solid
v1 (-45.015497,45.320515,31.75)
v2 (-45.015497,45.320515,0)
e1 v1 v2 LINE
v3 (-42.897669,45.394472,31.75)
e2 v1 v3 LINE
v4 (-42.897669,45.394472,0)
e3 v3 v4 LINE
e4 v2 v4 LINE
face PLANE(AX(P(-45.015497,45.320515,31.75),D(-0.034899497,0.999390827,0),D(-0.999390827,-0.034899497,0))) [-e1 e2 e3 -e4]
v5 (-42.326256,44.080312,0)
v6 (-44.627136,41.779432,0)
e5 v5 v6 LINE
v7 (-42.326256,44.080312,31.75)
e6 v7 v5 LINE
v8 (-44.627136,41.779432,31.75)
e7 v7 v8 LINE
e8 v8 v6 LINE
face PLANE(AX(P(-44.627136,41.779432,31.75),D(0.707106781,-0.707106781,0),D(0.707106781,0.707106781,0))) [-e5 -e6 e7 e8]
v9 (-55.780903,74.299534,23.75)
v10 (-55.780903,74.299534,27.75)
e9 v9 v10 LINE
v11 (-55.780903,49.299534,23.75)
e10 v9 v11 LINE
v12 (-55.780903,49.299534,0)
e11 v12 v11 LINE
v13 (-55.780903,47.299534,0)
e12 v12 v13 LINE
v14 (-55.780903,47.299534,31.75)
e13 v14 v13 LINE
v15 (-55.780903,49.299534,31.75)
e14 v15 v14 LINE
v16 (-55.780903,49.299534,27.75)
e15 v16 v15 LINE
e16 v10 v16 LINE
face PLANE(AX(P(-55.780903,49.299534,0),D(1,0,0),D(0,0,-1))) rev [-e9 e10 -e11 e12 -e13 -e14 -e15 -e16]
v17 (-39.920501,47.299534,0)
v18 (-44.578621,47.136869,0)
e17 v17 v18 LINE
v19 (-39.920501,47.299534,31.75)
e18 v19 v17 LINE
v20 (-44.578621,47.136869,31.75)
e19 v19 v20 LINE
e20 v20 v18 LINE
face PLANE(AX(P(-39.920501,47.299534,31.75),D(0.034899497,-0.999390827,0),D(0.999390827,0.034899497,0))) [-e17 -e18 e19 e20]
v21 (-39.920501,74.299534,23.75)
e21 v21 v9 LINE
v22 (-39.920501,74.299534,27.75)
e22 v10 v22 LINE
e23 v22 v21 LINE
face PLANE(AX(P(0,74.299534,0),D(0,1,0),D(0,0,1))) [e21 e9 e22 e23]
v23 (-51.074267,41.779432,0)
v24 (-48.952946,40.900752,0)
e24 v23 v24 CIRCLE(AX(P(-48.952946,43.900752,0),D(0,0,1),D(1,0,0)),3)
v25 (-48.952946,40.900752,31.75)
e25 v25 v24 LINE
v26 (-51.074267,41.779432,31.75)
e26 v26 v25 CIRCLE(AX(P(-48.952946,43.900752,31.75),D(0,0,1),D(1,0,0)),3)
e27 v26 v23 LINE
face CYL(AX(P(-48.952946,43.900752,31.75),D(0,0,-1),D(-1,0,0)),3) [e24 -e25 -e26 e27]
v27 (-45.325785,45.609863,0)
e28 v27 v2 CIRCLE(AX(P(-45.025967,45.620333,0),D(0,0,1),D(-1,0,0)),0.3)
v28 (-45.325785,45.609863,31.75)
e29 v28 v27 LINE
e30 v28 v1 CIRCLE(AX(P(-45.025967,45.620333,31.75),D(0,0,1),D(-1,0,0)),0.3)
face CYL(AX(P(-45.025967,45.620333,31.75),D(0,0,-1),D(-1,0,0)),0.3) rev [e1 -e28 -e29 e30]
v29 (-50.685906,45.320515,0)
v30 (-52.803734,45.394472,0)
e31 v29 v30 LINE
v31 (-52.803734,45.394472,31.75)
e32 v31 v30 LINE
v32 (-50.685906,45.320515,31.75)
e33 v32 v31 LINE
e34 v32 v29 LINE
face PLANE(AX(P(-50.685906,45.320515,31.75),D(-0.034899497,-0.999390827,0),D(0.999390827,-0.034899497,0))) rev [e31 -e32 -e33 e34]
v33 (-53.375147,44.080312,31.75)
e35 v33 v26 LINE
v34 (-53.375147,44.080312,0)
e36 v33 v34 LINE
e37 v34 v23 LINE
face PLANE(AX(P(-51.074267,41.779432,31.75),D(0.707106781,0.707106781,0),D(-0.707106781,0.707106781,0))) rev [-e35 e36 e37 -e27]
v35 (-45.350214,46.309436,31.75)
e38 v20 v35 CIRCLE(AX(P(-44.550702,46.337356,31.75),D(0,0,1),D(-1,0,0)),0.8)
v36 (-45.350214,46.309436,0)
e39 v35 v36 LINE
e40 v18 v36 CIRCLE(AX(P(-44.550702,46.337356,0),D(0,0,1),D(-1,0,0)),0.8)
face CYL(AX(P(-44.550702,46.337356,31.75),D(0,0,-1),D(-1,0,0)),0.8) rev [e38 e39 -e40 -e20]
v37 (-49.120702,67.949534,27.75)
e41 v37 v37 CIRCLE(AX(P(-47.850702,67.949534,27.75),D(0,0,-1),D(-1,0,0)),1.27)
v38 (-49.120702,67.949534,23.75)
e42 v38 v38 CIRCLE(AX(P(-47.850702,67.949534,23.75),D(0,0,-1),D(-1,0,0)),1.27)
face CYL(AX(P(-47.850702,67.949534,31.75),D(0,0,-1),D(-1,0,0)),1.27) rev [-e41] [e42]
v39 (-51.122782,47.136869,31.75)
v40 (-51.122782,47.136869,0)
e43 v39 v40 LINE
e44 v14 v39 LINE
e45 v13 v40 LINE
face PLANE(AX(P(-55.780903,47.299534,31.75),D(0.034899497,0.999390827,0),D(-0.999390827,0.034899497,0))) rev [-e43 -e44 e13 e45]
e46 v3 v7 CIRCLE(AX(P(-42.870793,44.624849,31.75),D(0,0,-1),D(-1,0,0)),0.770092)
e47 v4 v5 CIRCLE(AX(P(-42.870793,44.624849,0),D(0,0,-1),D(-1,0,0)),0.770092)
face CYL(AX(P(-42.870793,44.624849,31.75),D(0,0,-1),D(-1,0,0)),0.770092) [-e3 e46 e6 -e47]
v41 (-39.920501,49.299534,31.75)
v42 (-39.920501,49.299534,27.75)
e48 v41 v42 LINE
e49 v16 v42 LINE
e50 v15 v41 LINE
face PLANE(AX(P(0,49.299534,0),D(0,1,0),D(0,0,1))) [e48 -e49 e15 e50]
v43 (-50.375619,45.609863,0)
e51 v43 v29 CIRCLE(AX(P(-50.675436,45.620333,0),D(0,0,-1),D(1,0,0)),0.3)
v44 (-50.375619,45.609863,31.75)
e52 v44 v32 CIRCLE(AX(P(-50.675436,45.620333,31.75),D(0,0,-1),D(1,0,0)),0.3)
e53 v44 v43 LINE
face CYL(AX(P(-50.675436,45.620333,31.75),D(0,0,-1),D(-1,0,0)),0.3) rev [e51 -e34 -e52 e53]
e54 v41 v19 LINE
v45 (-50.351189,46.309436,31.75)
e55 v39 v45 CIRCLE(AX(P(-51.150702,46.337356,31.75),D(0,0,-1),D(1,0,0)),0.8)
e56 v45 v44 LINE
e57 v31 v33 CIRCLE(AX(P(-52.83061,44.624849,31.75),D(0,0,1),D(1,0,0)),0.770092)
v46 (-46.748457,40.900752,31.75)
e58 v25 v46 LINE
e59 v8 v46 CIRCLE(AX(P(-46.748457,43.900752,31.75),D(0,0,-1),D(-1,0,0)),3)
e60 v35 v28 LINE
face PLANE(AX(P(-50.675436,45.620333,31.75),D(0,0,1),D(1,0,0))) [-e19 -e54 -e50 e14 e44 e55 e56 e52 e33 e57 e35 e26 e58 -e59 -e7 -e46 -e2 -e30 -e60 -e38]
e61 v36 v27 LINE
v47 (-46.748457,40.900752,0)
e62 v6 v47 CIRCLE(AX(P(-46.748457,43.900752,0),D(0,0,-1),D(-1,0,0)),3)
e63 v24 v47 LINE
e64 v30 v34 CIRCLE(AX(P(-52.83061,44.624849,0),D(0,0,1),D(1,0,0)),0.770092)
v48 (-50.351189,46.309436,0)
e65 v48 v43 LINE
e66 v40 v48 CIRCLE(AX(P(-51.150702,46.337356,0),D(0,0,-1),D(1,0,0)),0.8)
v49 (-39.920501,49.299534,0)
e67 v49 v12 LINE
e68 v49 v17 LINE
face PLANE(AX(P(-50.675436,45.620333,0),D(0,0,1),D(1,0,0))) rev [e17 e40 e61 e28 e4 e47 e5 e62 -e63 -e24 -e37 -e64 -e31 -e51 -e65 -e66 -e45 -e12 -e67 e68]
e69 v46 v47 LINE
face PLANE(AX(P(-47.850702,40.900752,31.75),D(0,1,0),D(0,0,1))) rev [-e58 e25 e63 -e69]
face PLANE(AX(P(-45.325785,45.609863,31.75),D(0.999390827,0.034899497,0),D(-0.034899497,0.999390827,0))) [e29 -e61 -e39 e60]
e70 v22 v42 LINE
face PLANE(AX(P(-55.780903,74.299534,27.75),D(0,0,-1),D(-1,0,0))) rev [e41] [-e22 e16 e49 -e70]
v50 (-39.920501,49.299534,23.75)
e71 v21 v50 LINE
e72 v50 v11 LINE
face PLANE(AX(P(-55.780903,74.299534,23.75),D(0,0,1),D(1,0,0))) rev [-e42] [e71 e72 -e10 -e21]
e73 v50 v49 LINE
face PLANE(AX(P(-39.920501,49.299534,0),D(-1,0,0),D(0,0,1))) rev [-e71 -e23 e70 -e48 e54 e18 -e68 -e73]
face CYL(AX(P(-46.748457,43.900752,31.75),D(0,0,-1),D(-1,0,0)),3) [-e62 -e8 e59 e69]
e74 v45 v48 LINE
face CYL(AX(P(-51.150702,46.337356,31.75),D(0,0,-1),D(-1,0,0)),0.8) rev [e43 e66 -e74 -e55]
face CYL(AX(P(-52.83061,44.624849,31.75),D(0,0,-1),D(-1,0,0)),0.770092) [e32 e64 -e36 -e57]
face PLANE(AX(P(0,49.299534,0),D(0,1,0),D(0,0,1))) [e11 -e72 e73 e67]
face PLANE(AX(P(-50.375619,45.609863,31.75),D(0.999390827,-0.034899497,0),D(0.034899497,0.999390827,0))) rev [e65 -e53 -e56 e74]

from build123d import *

# Parameters (mm, degrees)
BOSS_EXTRUDE1_DEPTH = 31.75
SKETCH19_W          = 15.860402013
SKETCH19_H          = 31.75
BOSS_EXTRUDE7_DEPTH = 2
SKETCH23_W          = 15.860402013
SKETCH23_H          = 4
BOSS_EXTRUDE8_DEPTH = 25
SKETCH24_R          = 1.27
CUT_EXTRUDE1_DEPTH  = 9


with BuildPart() as part:
    # Sketch2 → Boss-Extrude1 (new body)
    with BuildSketch(Plane.XY):
        with BuildLine():
            Line((-50.375618534, 45.609862895), (-50.351188886, 46.309436474))
            ThreePointArc((-50.351188886, 46.309436474), (-50.565618587, 46.88295476), (-51.12278195, 47.136868733))
            Line((-51.12278195, 47.136868733), (-55.780902554, 47.299533889))
            Line((-55.780902554, 47.299533889), (-47.850701548, 47.299533889))
            Line((-47.850701548, 47.299533889), (-47.850701548, 40.900752235))
            Line((-47.850701548, 40.900752235), (-48.952946324, 40.900752235))
            ThreePointArc((-48.952946324, 40.900752235), (-50.100996621, 41.129113637), (-51.074266668, 41.779431891))
            Line((-51.074266668, 41.779431891), (-53.375146928, 44.080312152))
            ThreePointArc((-53.375146928, 44.080312152), (-53.536830204, 44.931922499), (-52.803734096, 45.394471696))
            Line((-52.803734096, 45.394471696), (-50.685905631, 45.320515496))
            ThreePointArc((-50.685905631, 45.320515496), (-50.470836274, 45.400926634), (-50.375618534, 45.609862895))
        make_face()
    boss_extrude1 = extrude(amount=BOSS_EXTRUDE1_DEPTH)

    # Mirror2: Boss-Extrude1 across plane
    add(boss_extrude1.mirror(Plane(origin=(-47.850701548, 40.900752235, 31.75), x_dir=(0, 0, 1), z_dir=(-1, 0, 0))))

    # Sketch19 → Boss-Extrude7 (add)
    with BuildSketch(Plane(origin=(0, 47.299533889, 0), x_dir=(1, 0, 0), z_dir=(0, 1, 0))):
        with Locations((-47.850701548, -15.875)):
            Rectangle(SKETCH19_W, SKETCH19_H)
    extrude(amount=BOSS_EXTRUDE7_DEPTH)

    # Sketch23 → Boss-Extrude8 (add)
    with BuildSketch(Plane(origin=(0, 49.299533889, 0), x_dir=(1, 0, 0), z_dir=(0, 1, 0))):
        with Locations((-47.850701548, -25.75)):
            Rectangle(SKETCH23_W, SKETCH23_H)
    extrude(amount=BOSS_EXTRUDE8_DEPTH)

    # Sketch24 → Cut-Extrude1 (cut, through all)
    with BuildSketch(Plane(origin=(0, 0, 23.75), x_dir=(-1, 0, 0), z_dir=(0, 0, -1))):
        with Locations((47.850701548, 67.949533889)):
            Circle(SKETCH24_R)
    extrude(amount=-CUT_EXTRUDE1_DEPTH, mode=Mode.SUBTRACT)


solid = part.part
